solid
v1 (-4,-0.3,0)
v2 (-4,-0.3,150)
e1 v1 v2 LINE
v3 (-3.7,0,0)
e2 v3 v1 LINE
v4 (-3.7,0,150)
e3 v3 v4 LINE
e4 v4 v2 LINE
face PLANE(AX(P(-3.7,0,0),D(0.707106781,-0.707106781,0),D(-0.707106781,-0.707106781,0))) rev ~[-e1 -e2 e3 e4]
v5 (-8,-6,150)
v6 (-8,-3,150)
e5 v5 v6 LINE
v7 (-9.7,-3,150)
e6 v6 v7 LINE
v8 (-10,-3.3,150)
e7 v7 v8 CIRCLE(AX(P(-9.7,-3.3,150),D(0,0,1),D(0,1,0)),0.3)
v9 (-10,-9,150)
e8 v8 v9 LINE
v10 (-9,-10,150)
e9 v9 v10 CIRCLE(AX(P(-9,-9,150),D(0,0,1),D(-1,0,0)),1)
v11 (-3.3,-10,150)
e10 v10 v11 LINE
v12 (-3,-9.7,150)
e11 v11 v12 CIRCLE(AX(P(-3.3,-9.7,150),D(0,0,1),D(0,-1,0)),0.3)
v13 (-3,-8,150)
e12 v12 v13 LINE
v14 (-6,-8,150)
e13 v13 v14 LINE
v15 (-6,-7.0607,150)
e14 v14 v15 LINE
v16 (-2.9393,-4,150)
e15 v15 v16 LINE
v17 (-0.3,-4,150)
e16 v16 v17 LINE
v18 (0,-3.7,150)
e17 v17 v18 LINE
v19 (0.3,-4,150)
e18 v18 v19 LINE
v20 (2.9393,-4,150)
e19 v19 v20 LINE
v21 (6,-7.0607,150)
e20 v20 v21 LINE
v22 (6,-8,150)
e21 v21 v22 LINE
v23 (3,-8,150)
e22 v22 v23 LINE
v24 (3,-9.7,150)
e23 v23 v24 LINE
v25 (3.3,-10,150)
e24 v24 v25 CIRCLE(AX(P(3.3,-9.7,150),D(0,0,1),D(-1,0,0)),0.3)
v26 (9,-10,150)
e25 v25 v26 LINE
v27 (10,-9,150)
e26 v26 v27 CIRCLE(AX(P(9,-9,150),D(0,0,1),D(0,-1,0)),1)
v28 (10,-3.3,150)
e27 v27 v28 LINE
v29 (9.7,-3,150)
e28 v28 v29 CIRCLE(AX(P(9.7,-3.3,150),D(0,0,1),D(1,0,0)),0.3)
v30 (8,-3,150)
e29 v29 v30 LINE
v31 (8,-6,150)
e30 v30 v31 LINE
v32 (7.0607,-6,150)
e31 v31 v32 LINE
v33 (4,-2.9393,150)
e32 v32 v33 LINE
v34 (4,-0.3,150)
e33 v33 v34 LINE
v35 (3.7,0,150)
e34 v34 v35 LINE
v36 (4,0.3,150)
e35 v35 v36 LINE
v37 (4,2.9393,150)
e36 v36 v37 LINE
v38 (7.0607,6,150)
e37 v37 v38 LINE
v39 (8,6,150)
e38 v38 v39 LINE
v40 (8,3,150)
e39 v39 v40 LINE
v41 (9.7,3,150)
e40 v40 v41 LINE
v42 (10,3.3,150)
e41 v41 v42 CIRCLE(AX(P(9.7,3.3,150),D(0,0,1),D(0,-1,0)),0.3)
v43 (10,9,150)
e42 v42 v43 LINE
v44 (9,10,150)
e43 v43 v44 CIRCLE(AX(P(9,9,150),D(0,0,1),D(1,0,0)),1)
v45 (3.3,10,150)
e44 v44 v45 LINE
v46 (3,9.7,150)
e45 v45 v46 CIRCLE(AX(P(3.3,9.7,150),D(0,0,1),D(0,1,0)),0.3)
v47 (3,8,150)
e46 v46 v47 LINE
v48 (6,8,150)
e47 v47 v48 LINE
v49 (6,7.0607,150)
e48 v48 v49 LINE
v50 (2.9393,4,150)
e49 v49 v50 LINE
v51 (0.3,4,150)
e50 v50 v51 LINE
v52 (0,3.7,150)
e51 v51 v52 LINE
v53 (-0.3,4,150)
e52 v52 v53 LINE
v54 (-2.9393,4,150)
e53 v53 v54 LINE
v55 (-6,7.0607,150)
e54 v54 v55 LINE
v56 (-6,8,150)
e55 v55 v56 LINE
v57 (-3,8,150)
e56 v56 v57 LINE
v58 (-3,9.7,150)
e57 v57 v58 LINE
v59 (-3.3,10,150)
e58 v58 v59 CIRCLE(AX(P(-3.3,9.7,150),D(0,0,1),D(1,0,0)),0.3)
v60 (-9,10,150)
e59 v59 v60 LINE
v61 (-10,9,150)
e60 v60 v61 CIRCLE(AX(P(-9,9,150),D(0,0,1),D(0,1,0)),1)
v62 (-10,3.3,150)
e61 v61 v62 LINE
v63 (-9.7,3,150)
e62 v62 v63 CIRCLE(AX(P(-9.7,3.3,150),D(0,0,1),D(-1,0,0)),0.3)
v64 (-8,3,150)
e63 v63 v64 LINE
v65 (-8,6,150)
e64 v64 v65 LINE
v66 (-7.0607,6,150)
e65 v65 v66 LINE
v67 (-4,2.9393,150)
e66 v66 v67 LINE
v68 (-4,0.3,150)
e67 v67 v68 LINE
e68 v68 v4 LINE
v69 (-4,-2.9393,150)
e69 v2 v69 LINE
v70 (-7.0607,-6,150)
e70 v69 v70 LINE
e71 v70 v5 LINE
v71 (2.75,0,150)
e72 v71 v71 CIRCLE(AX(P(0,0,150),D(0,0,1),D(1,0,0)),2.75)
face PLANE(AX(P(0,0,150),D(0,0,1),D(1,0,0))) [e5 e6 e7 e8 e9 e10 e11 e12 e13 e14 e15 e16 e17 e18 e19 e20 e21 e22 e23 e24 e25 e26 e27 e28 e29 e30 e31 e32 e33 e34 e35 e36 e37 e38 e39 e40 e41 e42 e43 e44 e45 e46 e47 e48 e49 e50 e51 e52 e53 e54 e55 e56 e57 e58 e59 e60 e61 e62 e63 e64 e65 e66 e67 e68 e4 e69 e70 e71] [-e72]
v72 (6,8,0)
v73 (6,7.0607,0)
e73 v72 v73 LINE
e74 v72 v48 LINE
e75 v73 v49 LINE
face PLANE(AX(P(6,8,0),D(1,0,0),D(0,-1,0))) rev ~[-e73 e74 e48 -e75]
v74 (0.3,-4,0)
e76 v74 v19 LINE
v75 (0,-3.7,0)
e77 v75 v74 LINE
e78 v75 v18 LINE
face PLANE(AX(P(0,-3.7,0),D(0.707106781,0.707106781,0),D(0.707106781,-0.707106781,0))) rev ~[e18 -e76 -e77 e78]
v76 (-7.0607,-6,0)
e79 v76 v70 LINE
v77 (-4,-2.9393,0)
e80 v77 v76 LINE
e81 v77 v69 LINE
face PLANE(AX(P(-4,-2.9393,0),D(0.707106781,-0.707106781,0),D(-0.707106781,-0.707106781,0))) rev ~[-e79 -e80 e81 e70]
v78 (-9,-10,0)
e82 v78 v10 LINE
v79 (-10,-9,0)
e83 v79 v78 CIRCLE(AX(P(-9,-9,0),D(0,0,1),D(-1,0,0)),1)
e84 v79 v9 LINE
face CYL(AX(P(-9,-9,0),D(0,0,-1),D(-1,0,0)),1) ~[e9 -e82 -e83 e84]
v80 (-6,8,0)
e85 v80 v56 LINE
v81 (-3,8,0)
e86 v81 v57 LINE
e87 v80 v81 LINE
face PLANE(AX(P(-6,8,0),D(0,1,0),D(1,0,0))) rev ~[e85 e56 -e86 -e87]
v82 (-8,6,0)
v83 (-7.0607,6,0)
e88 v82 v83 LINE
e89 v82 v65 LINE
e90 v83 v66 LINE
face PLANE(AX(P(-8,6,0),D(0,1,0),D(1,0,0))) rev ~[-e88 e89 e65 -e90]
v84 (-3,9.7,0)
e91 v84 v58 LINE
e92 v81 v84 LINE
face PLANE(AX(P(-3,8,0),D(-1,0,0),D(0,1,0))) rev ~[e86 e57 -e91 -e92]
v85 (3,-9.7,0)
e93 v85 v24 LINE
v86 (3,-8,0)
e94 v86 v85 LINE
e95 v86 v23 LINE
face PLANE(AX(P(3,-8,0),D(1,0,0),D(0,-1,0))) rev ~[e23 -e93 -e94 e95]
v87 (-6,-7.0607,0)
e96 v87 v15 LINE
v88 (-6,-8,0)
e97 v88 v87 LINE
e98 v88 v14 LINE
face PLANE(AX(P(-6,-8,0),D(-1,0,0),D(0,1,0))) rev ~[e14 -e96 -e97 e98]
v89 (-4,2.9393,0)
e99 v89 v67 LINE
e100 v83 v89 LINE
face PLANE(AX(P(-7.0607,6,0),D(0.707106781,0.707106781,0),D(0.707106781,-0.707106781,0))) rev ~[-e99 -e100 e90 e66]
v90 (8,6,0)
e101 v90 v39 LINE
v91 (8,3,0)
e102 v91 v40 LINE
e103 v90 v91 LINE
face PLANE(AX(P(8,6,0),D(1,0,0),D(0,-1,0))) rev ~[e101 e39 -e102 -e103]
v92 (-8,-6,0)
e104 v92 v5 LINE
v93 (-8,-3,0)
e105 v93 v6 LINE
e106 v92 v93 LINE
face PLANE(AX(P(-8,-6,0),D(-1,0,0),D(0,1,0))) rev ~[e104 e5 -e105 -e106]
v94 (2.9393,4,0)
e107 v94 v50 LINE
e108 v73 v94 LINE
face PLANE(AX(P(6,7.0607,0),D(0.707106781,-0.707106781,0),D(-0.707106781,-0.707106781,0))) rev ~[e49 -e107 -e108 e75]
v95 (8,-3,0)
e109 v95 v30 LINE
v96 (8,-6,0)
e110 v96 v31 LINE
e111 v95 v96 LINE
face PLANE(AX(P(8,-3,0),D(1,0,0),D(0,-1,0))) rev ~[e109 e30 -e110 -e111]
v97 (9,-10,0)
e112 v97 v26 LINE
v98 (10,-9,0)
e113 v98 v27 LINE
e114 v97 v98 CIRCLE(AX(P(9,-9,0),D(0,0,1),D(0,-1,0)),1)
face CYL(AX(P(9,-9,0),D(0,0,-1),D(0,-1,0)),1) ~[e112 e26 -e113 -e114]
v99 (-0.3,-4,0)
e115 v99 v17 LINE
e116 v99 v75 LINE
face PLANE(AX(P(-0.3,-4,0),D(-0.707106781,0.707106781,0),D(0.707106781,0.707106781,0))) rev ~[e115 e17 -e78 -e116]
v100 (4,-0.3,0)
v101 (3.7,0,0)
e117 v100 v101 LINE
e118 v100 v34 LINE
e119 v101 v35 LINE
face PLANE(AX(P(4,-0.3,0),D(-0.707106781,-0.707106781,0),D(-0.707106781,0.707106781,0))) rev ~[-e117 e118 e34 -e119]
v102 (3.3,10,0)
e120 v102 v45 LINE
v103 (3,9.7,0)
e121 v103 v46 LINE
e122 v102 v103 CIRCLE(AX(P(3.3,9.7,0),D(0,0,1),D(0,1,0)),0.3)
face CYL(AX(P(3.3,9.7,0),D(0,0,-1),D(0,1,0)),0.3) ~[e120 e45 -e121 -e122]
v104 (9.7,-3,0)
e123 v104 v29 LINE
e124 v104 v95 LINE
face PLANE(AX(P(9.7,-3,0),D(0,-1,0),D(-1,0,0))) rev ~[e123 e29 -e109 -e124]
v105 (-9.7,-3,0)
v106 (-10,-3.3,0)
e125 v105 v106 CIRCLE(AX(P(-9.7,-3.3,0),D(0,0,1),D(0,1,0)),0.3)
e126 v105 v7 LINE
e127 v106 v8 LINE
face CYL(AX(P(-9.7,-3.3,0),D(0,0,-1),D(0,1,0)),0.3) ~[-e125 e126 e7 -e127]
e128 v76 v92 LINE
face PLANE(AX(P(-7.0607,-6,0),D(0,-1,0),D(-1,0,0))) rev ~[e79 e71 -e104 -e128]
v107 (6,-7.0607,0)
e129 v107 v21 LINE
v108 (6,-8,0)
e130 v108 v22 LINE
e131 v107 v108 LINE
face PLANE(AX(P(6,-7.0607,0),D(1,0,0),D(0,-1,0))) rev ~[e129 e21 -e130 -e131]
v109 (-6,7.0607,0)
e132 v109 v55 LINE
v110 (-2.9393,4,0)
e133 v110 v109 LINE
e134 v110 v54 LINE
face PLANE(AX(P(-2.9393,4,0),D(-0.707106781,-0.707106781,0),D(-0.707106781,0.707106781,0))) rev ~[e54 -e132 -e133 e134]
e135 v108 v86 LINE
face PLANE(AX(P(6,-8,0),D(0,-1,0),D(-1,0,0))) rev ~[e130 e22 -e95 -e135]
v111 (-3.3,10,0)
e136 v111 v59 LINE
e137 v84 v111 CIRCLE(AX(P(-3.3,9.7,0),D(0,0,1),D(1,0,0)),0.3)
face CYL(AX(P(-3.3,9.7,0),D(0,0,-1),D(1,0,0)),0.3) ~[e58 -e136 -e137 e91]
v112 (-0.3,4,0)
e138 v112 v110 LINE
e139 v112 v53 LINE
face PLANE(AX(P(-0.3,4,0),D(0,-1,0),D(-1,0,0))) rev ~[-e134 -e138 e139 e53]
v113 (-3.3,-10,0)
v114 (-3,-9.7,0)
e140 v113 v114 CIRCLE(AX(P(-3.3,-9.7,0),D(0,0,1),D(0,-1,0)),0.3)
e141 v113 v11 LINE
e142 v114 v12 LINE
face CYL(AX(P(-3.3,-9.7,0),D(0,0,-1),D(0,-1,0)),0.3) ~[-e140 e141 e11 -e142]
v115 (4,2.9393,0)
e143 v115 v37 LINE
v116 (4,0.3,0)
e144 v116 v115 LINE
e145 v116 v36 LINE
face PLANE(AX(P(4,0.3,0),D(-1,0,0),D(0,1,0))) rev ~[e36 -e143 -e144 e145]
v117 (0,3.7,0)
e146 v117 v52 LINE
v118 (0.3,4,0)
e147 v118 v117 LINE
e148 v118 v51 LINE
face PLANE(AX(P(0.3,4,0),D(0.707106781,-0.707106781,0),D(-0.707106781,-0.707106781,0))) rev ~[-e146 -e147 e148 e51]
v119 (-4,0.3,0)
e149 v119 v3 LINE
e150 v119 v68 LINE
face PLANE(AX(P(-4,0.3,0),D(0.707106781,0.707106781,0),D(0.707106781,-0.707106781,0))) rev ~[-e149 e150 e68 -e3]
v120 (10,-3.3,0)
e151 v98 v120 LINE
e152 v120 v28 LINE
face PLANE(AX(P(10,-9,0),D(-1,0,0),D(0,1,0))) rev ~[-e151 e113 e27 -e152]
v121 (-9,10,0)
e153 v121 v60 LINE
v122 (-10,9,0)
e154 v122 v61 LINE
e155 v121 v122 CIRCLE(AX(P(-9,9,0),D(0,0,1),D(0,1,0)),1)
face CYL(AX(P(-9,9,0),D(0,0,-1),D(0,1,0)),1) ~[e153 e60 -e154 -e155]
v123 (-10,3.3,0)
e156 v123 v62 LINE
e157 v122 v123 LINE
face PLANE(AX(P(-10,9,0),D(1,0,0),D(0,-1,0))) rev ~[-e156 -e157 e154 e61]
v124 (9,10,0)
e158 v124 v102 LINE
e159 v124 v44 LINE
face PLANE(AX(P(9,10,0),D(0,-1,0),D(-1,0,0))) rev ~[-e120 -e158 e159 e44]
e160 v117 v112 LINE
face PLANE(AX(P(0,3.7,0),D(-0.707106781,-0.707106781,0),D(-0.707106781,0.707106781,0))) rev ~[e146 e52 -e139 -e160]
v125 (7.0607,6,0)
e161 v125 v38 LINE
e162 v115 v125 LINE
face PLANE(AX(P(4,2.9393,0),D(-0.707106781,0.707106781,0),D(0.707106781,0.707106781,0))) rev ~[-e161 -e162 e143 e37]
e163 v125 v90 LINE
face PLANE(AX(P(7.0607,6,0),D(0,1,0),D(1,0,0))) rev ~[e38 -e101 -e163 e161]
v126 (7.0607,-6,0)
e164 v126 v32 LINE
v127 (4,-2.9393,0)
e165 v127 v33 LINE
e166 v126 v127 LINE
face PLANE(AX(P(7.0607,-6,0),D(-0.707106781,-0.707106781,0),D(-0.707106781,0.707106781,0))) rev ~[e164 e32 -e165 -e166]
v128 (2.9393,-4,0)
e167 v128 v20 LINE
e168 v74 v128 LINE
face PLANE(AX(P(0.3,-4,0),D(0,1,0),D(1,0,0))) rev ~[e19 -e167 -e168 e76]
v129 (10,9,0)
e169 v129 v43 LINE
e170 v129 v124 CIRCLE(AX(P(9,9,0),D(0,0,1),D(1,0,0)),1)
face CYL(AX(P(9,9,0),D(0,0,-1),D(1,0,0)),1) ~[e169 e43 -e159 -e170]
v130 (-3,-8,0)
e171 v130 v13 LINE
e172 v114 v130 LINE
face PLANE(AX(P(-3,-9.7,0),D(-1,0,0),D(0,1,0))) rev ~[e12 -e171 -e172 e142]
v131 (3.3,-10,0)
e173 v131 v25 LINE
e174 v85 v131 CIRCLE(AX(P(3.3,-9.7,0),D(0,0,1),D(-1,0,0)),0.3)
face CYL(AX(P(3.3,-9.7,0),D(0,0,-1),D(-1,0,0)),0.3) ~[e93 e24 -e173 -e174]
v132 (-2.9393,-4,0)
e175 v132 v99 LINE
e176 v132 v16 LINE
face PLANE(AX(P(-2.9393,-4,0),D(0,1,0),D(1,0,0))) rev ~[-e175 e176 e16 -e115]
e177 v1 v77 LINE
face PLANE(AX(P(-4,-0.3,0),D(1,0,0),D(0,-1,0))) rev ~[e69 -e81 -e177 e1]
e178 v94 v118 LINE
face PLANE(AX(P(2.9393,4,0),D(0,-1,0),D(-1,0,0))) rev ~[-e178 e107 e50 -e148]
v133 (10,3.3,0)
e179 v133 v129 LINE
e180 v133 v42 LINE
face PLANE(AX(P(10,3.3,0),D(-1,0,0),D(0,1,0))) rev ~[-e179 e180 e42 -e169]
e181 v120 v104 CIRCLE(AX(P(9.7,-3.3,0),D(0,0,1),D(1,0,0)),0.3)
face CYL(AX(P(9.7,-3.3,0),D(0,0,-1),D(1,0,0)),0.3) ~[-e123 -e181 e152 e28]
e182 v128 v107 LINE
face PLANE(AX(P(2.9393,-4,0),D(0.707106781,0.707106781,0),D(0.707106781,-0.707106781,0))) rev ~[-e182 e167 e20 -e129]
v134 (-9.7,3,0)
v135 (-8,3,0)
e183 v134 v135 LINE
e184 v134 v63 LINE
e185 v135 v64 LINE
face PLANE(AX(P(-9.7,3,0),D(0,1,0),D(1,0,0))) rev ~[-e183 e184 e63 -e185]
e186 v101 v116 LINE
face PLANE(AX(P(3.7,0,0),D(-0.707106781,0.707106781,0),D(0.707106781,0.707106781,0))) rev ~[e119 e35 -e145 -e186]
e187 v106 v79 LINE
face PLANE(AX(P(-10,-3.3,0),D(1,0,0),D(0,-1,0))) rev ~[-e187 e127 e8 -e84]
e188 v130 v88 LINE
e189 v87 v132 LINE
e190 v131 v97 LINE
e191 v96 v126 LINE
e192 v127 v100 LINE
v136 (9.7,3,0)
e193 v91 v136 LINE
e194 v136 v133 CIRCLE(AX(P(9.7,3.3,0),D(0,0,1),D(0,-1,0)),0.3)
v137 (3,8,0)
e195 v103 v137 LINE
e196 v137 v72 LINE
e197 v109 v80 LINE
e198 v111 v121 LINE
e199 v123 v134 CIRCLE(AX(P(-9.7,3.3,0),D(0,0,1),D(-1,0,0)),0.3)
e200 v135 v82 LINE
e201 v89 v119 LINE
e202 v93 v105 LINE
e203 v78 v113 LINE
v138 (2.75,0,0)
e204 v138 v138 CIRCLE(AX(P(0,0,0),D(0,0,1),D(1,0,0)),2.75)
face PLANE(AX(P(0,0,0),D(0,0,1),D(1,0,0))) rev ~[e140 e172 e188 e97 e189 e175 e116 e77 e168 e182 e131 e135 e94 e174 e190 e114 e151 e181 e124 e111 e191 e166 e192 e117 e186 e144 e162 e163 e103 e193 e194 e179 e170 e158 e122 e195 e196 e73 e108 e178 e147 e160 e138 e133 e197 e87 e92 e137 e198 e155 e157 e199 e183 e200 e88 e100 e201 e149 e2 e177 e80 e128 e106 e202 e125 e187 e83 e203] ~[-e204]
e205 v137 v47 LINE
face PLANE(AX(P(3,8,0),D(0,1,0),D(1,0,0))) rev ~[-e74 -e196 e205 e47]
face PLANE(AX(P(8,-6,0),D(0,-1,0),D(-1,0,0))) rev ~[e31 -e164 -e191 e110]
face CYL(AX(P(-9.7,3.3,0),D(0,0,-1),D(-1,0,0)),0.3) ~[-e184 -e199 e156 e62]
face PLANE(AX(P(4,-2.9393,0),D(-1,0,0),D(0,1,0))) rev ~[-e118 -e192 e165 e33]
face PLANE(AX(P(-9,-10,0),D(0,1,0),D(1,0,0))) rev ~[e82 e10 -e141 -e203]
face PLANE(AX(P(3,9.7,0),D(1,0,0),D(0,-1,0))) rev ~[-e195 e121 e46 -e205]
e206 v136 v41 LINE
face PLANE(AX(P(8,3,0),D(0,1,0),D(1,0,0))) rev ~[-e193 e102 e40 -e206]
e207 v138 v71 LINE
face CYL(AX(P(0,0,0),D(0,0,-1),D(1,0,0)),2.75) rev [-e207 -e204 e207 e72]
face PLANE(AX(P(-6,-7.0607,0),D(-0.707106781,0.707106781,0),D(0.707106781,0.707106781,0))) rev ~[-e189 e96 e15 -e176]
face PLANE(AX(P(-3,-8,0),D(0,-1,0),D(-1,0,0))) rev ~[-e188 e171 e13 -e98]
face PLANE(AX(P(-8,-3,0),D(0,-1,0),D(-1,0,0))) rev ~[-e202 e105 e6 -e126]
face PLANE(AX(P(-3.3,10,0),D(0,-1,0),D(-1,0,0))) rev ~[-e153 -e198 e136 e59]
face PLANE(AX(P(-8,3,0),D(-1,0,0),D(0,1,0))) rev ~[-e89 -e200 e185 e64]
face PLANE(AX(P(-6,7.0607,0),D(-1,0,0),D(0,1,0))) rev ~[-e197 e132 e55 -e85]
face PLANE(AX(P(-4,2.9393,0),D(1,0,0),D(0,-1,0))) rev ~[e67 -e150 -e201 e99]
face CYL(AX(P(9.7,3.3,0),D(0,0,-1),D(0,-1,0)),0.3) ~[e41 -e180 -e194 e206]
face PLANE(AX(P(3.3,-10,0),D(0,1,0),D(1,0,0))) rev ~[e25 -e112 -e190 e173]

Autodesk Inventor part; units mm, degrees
ref_plane "Startebene" through (0, 0, 0) normal (0, 0, 1) x (1, 0, 0)
ref_plane "Endebene" through (0, 0, 320) normal (0, 0, 1) x (1, 0, 0)
ref_plane "Startebene1" through (0, 0, 0) normal (0, 0, 1) x (1, 0, 0)
ref_plane "Endebene1" through (0, 0, 160) normal (0, 0, 1) x (1, 0, 0)
ref_plane "Startebene2" through (0, 0, 0) normal (0, 0, 1) x (1, 0, 0)
ref_plane "Endebene2" through (0, 0, 150) normal (0, 0, 1) x (1, 0, 0)
sketch "Skizze" plane through (0, 0, 0) normal (0, 0, 1) x (1, 0, 0)
  line L0 (-10, 9) -> (-10, 3.3)
  arc A0 (-10, 3.3) -> (-9.7, 3) centre (-9.7, 3.3) ccw
  line L1 (-9.7, 3) -> (-8, 3)
  line L2 (-8, 3) -> (-8, 6)
  line L3 (-8, 6) -> (-7.0607, 6)
  line L4 (-7.0607, 6) -> (-4, 2.9393)
  line L5 (-4, 2.9393) -> (-4, 0.3)
  line L6 (-4, 0.3) -> (-3.7, 0)
  line L7 (-3.7, 0) -> (-4, -0.3)
  line L8 (-4, -0.3) -> (-4, -2.9393)
  line L9 (-4, -2.9393) -> (-7.0607, -6)
  line L10 (-7.0607, -6) -> (-8, -6)
  line L11 (-8, -6) -> (-8, -3)
  line L12 (-8, -3) -> (-9.7, -3)
  arc A1 (-9.7, -3) -> (-10, -3.3) centre (-9.7, -3.3) ccw
  line L13 (-10, -3.3) -> (-10, -9)
  arc A2 (-10, -9) -> (-9, -10) centre (-9, -9) ccw
  line L14 (-9, -10) -> (-3.3, -10)
  arc A3 (-3.3, -10) -> (-3, -9.7) centre (-3.3, -9.7) ccw
  line L15 (-3, -9.7) -> (-3, -8)
  line L16 (-3, -8) -> (-6, -8)
  line L17 (-6, -8) -> (-6, -7.0607)
  line L18 (-6, -7.0607) -> (-2.9393, -4)
  line L19 (-2.9393, -4) -> (-0.3, -4)
  line L20 (-0.3, -4) -> (0, -3.7)
  line L21 (0, -3.7) -> (0.3, -4)
  line L22 (0.3, -4) -> (2.9393, -4)
  line L23 (2.9393, -4) -> (6, -7.0607)
  line L24 (6, -7.0607) -> (6, -8)
  line L25 (6, -8) -> (3, -8)
  line L26 (3, -8) -> (3, -9.7)
  arc A4 (3, -9.7) -> (3.3, -10) centre (3.3, -9.7) ccw
  line L27 (3.3, -10) -> (9, -10)
  arc A5 (9, -10) -> (10, -9) centre (9, -9) ccw
  line L28 (10, -9) -> (10, -3.3)
  arc A6 (10, -3.3) -> (9.7, -3) centre (9.7, -3.3) ccw
  line L29 (9.7, -3) -> (8, -3)
  line L30 (8, -3) -> (8, -6)
  line L31 (8, -6) -> (7.0607, -6)
  line L32 (7.0607, -6) -> (4, -2.9393)
  line L33 (4, -2.9393) -> (4, -0.3)
  line L34 (4, -0.3) -> (3.7, 0)
  line L35 (3.7, 0) -> (4, 0.3)
  line L36 (4, 0.3) -> (4, 2.9393)
  line L37 (4, 2.9393) -> (7.0607, 6)
  line L38 (7.0607, 6) -> (8, 6)
  line L39 (8, 6) -> (8, 3)
  line L40 (8, 3) -> (9.7, 3)
  arc A7 (9.7, 3) -> (10, 3.3) centre (9.7, 3.3) ccw
  line L41 (10, 3.3) -> (10, 9)
  arc A8 (10, 9) -> (9, 10) centre (9, 9) ccw
  line L42 (9, 10) -> (3.3, 10)
  arc A9 (3.3, 10) -> (3, 9.7) centre (3.3, 9.7) ccw
  line L43 (3, 9.7) -> (3, 8)
  line L44 (3, 8) -> (6, 8)
  line L45 (6, 8) -> (6, 7.0607)
  line L46 (6, 7.0607) -> (2.9393, 4)
  line L47 (2.9393, 4) -> (0.3, 4)
  line L48 (0.3, 4) -> (0, 3.7)
  line L49 (0, 3.7) -> (-0.3, 4)
  line L50 (-0.3, 4) -> (-2.9393, 4)
  line L51 (-2.9393, 4) -> (-6, 7.0607)
  line L52 (-6, 7.0607) -> (-6, 8)
  line L53 (-6, 8) -> (-3, 8)
  line L54 (-3, 8) -> (-3, 9.7)
  arc A10 (-3, 9.7) -> (-3.3, 10) centre (-3.3, 9.7) ccw
  line L55 (-3.3, 10) -> (-9, 10)
  arc A11 (-9, 10) -> (-10, 9) centre (-9, 9) ccw
  circle A12 centre (0, 0) radius 2.75
  dimension "d2" = 5.5
  dimension "d3" = 10
  dimension "d4" = 10
  dimension "d5" = 5.7
  dimension "d6" = 5.7
  dimension "d7" = 1.7
  dimension "d8" = 3
  dimension "d9" = 0.3
  dimension "d10" = 90
  dimension "d11" = 45
  dimension "d12" = 45
  dimension "d13" = 45
  dimension "d14" = 90
  dimension "d15" = 90
  dimension "d16" = 45
  dimension "d17" = 45
  dimension "d18" = 45
  dimension "d19" = 45
  dimension "d20" = 90
  dimension "d21" = 90
  dimension "d22" = 45
  dimension "d23" = 45
  dimension "d24" = 90
  dimension "d25" = 90
  dimension "d26" = 90
  dimension "d27" = 90
  dimension "d28" = 90
  dimension "d29" = 90
  dimension "d30" = 90
  dimension "d31" = 90
  dimension "d32" = 90
  dimension "d33" = 90
  dimension "d34" = 90
  dimension "d35" = 90
  dimension "d36" = 90
  dimension "d37" = 90
  dimension "d38" = 90
  dimension "d39" = 4
  dimension "d40" = 6
  dimension "d41" = 13
  dimension "d42" = 14
  dimension "d43" = 16
  dimension "d44" = 18
  dimension "d45" = 3
  dimension "d46" = 9
  dimension "d47" = 7
  dimension "d48" = 1
  dimension "d49" = 7
  dimension "d50" = 1.5
  dimension "d51" = 1.8663
  dimension "d52" = 3.3663
  dimension "d53" = 1.5
  dimension "d54" = 1.8663
  dimension "d55" = 3.3663
  dimension "d56" = 4
  dimension "d57" = 10.8187
  dimension "d58" = 1.9092
  dimension "d59" = 5
  dimension "d60" = 13
  dimension "d61" = 13
  dimension "d62" = 16.0513
  dimension "d63" = 3.3234
  dimension "d64" = 14
  dimension "d65" = 12.685
extrude "Körper" add sketch "Skizze" along normal up to surface (150 mm away) from surface at 0
sketch "Skizze13" plane through (0, 0, 0) normal (0, 0, 1) x (1, 0, 0)
  line L0 (0, 0) -> (10, 0)
ref_plane "Arbeitsebene12" through (0, 0, 0) normal (0, -1, 0) x (1, 0, 0)
sketch "Skizze14" plane through (0, 0, 0) normal (0, -1, 0) x (1, 0, 0)
  line L0 (-2, 0) -> (12, 0)
  line L1 (-2, 150) -> (12, 150)
  dimension "d80" = 150
ref_plane "Arbeitsebene13" through (80, 9, 150) normal (0, 0, 1) x (1, 0, 0)
split "Trennen1" plane through (80, 9, 150) removes the side toward (0, 0, 1)
equation "\"G_OFFSET_START\" = 0"
equation "\"G_OFFSET_END\" = 0"
equation "\"G_L\" = d80"
equation "\"G_OFFSET_START1\" = 0"
equation "\"G_OFFSET_END1\" = 0"
equation "\"G_OFFSET_START2\" = 0"
properties part number "Alu Profil 20x20 - AP2020" material "Aluminium 6061"
